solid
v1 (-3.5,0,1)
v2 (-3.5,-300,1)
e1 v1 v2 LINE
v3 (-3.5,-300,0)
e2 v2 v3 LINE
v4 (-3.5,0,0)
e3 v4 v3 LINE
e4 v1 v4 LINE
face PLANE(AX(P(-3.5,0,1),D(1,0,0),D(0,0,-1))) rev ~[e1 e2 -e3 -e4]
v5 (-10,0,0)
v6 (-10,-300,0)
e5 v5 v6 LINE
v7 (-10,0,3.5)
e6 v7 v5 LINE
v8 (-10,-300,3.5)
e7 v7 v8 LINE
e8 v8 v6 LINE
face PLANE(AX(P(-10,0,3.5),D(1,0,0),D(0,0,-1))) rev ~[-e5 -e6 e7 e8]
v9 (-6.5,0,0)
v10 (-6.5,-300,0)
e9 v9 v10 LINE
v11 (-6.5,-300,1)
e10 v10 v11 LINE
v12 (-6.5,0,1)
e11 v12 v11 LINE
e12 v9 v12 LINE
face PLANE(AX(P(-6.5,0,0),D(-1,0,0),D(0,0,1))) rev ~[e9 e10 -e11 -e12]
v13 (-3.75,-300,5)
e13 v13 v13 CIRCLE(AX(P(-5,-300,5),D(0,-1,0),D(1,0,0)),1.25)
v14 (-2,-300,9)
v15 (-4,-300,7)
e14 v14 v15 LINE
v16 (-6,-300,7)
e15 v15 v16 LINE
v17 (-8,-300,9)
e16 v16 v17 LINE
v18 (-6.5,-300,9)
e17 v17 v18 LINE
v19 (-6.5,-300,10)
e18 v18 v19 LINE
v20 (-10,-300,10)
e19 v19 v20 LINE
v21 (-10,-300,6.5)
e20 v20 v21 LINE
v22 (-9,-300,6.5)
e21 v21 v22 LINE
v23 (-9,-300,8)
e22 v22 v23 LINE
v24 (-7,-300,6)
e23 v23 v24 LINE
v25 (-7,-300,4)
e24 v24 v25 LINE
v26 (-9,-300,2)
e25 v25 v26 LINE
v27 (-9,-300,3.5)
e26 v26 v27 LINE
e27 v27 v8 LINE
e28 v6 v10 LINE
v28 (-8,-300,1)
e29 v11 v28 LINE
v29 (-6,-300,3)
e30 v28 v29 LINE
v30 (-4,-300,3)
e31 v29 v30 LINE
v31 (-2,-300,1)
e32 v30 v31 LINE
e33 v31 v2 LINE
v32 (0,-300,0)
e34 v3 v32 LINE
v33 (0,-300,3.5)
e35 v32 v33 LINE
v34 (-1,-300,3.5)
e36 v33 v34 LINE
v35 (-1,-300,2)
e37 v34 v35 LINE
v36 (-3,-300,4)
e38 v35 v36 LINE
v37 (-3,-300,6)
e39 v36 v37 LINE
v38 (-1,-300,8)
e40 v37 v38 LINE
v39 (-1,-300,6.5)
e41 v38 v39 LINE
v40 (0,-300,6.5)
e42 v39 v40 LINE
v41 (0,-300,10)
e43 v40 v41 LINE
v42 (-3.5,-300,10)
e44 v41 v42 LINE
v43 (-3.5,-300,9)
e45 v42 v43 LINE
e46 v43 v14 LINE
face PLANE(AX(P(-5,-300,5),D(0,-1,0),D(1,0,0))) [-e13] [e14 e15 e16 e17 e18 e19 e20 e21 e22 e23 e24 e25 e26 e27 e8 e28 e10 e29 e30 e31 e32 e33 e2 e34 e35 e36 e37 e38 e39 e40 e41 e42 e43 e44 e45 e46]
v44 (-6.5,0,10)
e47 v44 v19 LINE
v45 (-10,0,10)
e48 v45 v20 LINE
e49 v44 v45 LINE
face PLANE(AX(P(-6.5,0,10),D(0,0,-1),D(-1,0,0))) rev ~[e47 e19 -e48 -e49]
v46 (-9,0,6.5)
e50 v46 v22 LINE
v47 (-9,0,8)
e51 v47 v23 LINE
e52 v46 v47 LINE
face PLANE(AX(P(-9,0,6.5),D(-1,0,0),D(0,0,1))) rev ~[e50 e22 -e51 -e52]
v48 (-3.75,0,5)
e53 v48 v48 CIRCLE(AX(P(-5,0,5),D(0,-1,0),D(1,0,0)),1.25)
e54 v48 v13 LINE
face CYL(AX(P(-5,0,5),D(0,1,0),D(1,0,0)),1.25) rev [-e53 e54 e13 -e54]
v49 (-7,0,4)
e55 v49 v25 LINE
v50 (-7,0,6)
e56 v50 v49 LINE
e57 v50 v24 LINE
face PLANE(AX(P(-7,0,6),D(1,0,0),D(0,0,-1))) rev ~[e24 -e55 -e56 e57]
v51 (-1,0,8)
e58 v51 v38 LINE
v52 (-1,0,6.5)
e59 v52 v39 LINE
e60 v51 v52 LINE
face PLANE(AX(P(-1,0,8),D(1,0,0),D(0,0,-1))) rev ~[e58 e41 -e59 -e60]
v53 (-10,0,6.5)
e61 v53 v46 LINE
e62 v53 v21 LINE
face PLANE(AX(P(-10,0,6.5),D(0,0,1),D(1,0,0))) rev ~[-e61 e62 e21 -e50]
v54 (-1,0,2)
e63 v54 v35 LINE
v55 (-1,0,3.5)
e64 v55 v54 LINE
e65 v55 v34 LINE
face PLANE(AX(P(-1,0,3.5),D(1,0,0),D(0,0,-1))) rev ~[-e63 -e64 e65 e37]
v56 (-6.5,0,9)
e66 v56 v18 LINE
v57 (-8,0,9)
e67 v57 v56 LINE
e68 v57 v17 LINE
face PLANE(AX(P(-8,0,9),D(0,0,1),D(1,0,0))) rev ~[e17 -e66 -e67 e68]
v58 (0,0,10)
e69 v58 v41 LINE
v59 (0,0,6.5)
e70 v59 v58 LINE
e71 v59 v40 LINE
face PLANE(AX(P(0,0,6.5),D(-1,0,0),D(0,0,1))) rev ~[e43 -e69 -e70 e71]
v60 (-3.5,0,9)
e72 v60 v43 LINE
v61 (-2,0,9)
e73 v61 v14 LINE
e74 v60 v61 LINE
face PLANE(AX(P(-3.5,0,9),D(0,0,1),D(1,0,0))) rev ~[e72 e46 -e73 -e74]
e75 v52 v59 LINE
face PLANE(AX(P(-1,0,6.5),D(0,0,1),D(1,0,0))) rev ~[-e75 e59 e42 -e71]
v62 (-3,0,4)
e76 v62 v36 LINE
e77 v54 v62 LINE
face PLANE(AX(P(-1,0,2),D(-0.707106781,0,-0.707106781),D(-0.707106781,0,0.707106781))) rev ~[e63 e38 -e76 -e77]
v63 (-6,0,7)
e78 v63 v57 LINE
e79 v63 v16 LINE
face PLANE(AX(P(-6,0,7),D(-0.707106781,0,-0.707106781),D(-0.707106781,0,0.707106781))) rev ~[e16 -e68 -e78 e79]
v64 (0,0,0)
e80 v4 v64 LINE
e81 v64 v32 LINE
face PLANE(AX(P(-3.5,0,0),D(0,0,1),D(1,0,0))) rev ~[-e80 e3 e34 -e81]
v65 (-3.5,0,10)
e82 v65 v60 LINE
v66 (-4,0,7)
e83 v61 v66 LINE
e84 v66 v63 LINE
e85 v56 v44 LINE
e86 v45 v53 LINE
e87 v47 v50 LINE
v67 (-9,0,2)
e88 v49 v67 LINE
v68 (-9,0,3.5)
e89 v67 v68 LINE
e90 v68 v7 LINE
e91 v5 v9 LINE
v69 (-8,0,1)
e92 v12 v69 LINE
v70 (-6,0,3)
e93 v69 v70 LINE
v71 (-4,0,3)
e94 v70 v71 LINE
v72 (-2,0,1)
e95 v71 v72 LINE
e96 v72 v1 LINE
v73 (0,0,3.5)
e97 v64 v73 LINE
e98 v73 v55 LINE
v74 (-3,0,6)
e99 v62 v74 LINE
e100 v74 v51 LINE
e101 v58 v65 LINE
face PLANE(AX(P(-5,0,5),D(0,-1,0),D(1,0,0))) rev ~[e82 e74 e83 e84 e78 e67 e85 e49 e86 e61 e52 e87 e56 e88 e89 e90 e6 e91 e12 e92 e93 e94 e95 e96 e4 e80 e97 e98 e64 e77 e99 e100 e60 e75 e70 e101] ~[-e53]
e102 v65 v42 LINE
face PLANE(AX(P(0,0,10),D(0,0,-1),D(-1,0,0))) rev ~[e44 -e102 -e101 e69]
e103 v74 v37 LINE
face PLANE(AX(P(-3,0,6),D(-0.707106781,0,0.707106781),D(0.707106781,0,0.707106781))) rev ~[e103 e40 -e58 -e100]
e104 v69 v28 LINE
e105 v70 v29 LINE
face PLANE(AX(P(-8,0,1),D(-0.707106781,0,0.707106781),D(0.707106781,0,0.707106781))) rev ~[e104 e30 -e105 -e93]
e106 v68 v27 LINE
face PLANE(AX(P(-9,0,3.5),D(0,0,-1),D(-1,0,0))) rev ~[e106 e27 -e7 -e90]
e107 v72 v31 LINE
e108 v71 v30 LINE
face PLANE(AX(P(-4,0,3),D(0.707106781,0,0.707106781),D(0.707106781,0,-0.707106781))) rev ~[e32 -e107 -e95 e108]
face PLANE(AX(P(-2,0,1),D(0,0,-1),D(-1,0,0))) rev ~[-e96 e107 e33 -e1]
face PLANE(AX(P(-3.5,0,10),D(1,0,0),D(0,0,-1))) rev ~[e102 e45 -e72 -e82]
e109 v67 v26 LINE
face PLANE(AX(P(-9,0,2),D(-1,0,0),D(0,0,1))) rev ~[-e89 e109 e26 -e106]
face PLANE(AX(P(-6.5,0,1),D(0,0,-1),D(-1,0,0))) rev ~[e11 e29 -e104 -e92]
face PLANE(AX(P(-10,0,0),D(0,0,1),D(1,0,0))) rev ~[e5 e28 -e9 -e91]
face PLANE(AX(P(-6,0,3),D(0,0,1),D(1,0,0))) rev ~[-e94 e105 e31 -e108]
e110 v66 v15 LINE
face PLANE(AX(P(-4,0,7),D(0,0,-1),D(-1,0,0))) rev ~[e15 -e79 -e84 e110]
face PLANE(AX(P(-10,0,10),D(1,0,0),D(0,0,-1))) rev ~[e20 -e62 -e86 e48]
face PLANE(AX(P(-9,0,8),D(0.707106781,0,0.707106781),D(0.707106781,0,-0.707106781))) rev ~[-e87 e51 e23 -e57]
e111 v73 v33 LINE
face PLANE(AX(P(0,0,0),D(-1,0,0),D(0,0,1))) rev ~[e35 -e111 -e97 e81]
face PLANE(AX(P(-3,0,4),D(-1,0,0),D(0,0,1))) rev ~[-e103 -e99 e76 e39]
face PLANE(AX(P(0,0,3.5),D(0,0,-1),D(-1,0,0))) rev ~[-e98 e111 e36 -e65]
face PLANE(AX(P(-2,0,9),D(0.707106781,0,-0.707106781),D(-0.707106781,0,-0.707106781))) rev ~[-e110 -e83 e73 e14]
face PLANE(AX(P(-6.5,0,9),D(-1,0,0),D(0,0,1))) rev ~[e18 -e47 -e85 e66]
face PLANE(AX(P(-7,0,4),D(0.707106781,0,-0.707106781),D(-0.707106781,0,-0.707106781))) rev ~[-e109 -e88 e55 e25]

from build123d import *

# Parameters (mm, degrees)
F0_R     = 1.25
F1_DEPTH = 300


with BuildPart() as f1:
    # F0 (on Front) → F1 (new body)
    with BuildSketch(Plane.XZ):
        Polygon((-3.5, 0), (0, 0), (0, 3.5), (-1, 3.5), (-1, 2), (-3, 4), (-3, 5), (-3, 6), (-1, 8), (-1, 6.5), (0, 6.5), (0, 10), (-3.5, 10), (-3.5, 9), (-2, 9), (-4, 7), (-5, 7), (-6, 7), (-8, 9), (-6.5, 9), (-6.5, 10), (-10, 10), (-10, 6.5), (-9, 6.5), (-9, 8), (-7, 6), (-7, 5), (-7, 4), (-9, 2), (-9, 3.5), (-10, 3.5), (-10, 0), (-6.5, 0), (-6.5, 1), (-8, 1), (-6, 3), (-5, 3), (-4, 3), (-2, 1), (-3.5, 1), align=None)
        with Locations((-5, 5)):
            Circle(F0_R, mode=Mode.SUBTRACT)
    extrude(amount=F1_DEPTH)


solid = f1.part
